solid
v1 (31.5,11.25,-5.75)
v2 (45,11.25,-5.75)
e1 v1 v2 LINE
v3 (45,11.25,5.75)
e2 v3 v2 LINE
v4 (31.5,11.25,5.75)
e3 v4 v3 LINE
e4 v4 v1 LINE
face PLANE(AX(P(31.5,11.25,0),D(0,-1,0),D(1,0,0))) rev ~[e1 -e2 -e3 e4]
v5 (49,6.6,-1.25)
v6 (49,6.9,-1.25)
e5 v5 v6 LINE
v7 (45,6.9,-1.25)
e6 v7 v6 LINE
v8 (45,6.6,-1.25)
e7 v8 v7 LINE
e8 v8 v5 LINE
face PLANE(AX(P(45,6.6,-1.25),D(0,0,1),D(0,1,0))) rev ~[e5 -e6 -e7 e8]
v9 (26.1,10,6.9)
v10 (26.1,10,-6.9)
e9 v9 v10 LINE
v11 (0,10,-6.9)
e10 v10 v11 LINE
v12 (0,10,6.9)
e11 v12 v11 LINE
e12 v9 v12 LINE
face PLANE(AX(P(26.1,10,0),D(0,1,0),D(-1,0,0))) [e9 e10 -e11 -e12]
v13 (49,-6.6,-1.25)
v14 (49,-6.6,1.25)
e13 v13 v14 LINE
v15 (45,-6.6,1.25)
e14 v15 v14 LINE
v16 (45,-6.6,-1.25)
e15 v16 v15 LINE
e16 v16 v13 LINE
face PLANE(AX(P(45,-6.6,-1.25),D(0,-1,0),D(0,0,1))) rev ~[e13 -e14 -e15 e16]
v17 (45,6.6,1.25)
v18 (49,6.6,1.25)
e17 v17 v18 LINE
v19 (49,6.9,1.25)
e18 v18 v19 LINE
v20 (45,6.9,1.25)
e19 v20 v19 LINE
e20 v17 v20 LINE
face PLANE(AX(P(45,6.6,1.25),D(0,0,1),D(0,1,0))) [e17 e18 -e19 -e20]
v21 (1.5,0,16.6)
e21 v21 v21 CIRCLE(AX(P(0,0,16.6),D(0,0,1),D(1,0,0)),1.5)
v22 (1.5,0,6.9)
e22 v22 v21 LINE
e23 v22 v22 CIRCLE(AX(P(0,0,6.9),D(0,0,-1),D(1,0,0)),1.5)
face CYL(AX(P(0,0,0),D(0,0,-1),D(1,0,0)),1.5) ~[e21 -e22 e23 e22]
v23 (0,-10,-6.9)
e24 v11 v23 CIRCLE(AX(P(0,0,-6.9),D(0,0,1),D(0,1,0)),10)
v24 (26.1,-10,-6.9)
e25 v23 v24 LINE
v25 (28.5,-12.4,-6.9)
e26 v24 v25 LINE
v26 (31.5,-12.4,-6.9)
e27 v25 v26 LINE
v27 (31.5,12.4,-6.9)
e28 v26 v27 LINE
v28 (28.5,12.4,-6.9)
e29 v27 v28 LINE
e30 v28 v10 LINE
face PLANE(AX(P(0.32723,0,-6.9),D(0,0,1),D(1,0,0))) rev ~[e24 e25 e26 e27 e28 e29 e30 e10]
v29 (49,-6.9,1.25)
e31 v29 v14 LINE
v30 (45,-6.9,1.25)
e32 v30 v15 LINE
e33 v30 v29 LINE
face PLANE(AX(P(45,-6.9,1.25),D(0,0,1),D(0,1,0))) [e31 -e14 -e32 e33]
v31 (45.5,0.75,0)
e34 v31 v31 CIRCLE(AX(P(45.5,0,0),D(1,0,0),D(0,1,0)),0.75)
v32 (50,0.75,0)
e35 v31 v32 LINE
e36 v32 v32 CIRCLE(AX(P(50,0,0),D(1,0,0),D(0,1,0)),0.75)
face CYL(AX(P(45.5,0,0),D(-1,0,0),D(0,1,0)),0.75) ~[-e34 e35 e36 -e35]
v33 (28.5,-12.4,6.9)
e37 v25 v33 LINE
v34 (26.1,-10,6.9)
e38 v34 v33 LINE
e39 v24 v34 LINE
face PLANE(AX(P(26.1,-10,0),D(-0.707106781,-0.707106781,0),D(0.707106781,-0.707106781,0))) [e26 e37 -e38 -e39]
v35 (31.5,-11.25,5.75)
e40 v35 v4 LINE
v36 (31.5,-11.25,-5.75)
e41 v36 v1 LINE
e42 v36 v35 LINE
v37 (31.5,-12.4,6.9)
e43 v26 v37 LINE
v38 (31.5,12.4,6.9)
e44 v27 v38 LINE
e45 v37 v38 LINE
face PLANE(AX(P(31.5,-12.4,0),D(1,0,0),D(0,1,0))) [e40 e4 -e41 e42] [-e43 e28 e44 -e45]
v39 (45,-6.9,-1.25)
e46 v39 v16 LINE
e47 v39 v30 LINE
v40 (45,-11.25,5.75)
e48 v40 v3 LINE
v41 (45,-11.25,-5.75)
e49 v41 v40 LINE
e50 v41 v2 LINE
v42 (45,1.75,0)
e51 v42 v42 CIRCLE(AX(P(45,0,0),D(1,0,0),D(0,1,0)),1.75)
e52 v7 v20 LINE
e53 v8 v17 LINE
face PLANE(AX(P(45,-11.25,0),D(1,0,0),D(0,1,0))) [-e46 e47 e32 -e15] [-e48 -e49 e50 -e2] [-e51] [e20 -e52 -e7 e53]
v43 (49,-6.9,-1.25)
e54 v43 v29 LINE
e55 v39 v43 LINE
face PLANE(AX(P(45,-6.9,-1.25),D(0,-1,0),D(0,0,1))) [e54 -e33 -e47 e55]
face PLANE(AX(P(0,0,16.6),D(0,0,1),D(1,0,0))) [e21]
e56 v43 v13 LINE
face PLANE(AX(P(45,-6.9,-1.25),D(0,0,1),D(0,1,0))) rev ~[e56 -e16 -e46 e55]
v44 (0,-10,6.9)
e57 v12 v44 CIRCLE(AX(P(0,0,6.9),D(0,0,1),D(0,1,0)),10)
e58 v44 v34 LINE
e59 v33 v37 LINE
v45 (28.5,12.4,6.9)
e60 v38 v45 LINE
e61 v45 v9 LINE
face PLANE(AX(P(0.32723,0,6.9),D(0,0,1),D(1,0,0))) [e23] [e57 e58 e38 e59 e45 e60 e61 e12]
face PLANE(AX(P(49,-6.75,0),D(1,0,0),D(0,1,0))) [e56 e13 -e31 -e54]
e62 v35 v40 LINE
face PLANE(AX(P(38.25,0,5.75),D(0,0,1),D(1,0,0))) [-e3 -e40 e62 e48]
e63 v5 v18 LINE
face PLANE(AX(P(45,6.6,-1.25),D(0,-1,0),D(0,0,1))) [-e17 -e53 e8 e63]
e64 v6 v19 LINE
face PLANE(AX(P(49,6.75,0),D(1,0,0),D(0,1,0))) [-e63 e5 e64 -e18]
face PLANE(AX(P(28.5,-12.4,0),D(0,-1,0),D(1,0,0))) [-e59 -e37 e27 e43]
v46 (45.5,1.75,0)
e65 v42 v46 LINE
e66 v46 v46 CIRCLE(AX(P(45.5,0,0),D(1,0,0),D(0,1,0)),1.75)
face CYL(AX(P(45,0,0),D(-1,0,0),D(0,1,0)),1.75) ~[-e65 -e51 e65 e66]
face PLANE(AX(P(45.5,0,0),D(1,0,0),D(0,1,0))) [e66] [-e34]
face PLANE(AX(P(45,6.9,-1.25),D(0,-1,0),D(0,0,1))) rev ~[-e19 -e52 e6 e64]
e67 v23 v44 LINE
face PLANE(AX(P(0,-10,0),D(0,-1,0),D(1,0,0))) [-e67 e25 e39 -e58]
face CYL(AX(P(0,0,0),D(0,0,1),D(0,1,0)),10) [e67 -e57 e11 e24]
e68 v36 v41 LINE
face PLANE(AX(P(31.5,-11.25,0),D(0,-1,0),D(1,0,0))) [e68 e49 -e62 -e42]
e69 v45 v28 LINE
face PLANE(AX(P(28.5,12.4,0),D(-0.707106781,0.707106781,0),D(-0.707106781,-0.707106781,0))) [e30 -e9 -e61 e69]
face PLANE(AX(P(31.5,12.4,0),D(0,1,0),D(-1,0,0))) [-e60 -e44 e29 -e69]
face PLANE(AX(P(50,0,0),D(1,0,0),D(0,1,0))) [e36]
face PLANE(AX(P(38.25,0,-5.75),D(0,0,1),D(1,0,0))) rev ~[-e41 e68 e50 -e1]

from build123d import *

# Parameters (mm, degrees)
F1_DEPTH  = 6.9
F2_R      = 1.5
F3_DEPTH  = 16.6
F4_W      = 13.5
F4_H      = 22.5
F5_DEPTH  = 5.75
F6_R      = 1.75
F7_DEPTH  = 0.5
F8_R      = 0.75
F9_DEPTH  = 4.5
F10_W     = 0.3
F10_H     = 2.5
F11_DEPTH = 4


with BuildPart() as f1:
    # F0 (on Top) → F1 (new body, symmetric)
    with BuildSketch(Plane.XY):
        with BuildLine():
            ThreePointArc((0, -10), (7.071068, -7.071068), (10, 0))
            ThreePointArc((10, 0), (7.071068, 7.071068), (0, 10))
            ThreePointArc((0, 10), (-10, 0), (0, -10))
        make_face()
        with BuildLine():
            ThreePointArc((0, 10), (7.071068, 7.071068), (10, 0))
            ThreePointArc((10, 0), (7.071068, -7.071068), (0, -10))
            Line((0, -10), (26.1, -10))
            Line((26.1, -10), (28.5, -12.4))
            Line((28.5, -12.4), (31.5, -12.4))
            Line((31.5, -12.4), (31.5, 0))
            Line((31.5, 0), (31.5, 12.4))
            Line((31.5, 12.4), (28.5, 12.4))
            Line((28.5, 12.4), (26.1, 10))
            Line((26.1, 10), (0, 10))
        make_face()
    extrude(amount=F1_DEPTH, both=True)

    # F2 (on Top) → F3 (join)
    with BuildSketch(Plane.XY):
        Circle(F2_R)
    extrude(amount=F3_DEPTH)

    # F4 (on Top) → F5 (join, symmetric)
    with BuildSketch(Plane.XY):
        with Locations((38.25, 0)):
            Rectangle(F4_W, F4_H)
    extrude(amount=F5_DEPTH, both=True)

    # F6 (on face) → F7 (join)
    with BuildSketch(Plane.YZ.offset(45)):
        Circle(F6_R)
    extrude(amount=F7_DEPTH)

    # F8 (on face) → F9 (join)
    with BuildSketch(Plane.YZ.offset(45.5)):
        Circle(F8_R)
    extrude(amount=F9_DEPTH)

    # F10 (on face) → F11 (join)
    with BuildSketch(Plane.YZ.offset(45)):
        with Locations((-6.75, 0)):
            Rectangle(F10_W, F10_H)
        with Locations((6.75, 0)):
            Rectangle(F10_W, F10_H)
    extrude(amount=F11_DEPTH)


solid = f1.part
